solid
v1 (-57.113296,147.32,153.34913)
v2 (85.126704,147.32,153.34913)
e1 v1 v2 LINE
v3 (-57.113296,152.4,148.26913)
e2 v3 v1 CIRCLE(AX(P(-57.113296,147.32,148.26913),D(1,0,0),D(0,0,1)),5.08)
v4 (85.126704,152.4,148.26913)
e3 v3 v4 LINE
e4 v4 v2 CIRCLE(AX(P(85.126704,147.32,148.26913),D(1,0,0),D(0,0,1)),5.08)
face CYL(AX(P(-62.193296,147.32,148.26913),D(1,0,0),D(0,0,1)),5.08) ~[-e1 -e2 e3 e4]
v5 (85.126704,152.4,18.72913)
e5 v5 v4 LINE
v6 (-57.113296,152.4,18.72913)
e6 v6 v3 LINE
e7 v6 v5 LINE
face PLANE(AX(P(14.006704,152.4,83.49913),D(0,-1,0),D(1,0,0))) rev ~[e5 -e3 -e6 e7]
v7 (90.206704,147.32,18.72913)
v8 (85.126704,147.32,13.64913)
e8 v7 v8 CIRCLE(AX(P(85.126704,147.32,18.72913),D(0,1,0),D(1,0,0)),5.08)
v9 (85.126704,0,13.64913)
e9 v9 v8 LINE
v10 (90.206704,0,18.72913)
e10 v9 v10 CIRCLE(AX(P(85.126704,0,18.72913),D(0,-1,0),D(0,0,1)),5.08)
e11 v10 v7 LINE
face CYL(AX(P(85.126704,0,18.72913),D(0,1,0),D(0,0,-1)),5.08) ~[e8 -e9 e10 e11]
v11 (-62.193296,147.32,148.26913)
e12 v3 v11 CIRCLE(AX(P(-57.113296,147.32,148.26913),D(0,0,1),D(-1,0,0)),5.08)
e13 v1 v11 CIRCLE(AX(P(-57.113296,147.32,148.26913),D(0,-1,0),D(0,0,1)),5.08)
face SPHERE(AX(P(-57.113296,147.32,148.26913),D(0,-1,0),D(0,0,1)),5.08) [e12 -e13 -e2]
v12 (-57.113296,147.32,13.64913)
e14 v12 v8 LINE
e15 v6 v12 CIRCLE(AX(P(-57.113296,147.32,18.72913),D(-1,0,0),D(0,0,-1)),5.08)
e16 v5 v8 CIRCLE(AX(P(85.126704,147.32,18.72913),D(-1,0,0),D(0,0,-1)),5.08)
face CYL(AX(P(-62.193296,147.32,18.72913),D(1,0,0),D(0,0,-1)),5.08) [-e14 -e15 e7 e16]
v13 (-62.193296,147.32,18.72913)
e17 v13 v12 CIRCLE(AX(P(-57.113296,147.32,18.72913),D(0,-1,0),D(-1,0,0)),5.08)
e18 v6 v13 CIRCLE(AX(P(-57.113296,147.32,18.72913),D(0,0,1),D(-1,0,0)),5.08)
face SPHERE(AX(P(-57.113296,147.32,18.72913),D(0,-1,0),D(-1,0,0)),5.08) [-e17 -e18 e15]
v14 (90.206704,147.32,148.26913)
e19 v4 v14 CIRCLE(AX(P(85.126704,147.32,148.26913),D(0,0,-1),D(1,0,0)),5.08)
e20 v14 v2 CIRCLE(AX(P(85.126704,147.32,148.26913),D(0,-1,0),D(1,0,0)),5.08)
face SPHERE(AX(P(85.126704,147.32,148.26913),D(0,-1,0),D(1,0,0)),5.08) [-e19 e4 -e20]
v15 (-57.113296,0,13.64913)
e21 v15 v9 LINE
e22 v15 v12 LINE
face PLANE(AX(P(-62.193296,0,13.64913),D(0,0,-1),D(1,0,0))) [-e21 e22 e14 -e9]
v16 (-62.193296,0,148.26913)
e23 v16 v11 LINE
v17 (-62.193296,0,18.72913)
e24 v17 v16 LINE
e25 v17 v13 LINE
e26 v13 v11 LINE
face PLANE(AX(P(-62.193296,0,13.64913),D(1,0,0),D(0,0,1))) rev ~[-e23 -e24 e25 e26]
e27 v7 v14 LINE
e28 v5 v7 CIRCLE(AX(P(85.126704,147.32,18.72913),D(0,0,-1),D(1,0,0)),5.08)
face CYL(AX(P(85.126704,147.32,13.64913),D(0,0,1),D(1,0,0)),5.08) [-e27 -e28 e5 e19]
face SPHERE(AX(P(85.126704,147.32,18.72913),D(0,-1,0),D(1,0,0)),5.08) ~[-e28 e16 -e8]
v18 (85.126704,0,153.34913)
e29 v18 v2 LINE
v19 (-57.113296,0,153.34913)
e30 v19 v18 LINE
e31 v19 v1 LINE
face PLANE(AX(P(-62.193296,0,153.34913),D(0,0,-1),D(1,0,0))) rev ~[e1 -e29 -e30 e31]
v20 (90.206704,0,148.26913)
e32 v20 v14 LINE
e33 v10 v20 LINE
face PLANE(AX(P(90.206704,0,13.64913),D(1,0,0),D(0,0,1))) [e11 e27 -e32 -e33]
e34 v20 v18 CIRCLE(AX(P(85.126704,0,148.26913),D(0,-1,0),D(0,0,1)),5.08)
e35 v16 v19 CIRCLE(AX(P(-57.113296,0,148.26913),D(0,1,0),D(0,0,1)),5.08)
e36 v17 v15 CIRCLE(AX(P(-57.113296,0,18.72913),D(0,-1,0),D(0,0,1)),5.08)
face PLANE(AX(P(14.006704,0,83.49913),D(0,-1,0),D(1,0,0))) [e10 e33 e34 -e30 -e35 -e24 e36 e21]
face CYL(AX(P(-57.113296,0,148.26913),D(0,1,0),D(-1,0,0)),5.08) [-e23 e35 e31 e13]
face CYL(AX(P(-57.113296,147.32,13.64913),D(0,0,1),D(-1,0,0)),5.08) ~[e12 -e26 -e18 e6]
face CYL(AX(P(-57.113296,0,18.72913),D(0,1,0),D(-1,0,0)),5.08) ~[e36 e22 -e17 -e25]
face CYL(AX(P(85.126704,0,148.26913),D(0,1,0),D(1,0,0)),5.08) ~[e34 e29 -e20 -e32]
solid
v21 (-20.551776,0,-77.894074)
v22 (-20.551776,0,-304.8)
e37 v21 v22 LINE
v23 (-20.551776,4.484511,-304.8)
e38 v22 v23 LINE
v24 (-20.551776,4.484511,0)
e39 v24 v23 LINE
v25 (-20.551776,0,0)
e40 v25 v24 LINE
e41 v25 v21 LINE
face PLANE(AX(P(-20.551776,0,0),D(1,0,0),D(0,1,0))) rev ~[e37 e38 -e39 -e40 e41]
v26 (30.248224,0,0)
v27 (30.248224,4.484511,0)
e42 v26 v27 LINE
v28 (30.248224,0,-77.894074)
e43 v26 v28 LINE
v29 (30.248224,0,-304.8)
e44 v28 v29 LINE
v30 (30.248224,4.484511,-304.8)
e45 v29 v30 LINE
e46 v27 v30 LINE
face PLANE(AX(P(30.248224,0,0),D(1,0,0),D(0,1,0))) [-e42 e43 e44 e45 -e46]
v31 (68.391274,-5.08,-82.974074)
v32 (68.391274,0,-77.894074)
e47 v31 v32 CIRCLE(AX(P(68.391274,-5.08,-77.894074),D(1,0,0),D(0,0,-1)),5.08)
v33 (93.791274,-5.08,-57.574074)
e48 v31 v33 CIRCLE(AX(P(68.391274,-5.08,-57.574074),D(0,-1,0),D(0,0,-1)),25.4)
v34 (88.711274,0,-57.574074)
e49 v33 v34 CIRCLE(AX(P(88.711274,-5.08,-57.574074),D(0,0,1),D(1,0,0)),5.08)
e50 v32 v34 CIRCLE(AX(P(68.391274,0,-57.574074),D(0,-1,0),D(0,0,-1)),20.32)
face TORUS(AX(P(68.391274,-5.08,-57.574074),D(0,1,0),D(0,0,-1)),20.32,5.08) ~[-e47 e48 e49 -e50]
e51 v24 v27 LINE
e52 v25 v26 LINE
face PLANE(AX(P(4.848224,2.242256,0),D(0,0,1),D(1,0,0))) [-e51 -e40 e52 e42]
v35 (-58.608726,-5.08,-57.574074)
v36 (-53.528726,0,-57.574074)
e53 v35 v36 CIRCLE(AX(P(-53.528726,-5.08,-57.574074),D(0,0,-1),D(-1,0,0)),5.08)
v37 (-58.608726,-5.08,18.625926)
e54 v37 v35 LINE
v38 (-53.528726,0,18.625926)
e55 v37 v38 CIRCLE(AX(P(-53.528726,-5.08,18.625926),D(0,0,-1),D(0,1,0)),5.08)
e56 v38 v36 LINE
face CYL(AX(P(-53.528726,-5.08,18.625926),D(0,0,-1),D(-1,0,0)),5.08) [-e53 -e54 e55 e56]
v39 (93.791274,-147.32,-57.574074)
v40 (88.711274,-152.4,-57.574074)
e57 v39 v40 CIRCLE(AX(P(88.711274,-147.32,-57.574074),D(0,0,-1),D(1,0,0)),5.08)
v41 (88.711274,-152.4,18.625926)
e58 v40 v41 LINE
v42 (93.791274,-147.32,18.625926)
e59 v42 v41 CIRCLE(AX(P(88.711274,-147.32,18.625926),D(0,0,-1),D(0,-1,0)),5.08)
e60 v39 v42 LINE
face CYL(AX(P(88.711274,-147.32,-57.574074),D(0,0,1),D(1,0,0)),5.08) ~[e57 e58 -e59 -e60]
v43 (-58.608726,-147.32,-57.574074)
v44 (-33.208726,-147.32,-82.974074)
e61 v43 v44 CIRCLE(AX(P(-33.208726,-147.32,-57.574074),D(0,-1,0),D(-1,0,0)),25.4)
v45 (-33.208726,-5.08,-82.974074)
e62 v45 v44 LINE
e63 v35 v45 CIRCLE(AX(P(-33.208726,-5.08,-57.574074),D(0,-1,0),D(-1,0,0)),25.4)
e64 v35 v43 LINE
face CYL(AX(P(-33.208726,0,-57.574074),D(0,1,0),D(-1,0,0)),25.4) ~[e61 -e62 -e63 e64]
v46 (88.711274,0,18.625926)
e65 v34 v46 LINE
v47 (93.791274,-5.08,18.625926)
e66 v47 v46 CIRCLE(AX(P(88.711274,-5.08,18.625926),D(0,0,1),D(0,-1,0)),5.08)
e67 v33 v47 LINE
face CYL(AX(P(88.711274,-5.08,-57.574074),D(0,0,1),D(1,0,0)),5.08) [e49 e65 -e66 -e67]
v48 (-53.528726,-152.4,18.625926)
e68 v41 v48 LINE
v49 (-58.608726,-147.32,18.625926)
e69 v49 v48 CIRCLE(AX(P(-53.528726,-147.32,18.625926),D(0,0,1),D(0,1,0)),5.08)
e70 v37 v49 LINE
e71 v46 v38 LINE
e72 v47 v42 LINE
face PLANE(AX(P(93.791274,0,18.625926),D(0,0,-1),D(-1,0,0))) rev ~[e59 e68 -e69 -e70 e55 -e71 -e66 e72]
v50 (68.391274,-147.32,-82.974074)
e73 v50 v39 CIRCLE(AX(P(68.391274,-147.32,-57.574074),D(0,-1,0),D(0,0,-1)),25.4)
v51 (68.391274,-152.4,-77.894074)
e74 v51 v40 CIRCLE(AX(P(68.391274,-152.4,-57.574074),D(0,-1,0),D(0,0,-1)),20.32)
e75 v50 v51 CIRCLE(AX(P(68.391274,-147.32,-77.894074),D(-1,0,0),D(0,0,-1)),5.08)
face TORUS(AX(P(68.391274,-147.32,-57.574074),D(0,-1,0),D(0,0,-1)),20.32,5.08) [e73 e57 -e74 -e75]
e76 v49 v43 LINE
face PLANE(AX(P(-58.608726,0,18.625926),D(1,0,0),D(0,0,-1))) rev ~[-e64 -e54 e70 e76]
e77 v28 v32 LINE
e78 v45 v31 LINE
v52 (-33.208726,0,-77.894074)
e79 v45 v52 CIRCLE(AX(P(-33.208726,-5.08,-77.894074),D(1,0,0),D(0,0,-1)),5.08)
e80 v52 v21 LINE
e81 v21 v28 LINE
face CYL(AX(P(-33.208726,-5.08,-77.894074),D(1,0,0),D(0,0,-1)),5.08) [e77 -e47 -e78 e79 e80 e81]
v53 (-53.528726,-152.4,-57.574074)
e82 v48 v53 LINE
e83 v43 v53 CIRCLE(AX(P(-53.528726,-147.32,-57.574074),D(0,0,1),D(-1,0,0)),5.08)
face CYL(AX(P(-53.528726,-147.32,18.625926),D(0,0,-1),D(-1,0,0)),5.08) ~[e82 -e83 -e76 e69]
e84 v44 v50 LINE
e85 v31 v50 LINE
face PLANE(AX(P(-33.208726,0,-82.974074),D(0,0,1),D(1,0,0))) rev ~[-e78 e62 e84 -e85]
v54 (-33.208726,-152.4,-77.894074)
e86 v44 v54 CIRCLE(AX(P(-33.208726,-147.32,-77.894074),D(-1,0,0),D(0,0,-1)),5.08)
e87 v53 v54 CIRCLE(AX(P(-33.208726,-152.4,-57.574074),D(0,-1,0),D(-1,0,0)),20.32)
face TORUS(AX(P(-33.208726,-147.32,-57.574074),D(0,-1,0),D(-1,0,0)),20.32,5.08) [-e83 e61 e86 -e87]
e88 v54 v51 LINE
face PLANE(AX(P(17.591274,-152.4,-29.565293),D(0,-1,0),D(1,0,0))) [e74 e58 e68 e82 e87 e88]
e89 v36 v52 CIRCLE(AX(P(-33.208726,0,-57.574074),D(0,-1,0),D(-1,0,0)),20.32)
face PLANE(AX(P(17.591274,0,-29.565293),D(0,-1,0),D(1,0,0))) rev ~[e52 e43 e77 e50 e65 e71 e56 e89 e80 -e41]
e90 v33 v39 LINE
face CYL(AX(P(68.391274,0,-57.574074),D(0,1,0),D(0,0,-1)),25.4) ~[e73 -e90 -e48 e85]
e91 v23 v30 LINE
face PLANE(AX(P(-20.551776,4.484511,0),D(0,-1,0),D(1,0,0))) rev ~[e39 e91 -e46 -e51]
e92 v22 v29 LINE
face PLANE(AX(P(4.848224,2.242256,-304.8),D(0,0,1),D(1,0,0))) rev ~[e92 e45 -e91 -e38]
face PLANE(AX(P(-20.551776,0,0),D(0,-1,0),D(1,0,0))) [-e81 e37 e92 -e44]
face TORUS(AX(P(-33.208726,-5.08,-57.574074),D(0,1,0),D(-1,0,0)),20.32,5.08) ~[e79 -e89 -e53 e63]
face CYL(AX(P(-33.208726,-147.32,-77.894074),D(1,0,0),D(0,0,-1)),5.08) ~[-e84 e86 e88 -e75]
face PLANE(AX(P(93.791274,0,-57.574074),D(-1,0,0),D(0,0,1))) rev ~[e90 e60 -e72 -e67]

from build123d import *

# Parameters (mm, degrees)
F1_DEPTH = 152.4
F2_R     = 5.08
F3_W     = 152.4
F3_H     = 139.7
F4_DEPTH = 152.4
F5_R     = 5.08
F6_W     = 50.8
F6_H     = 4.4845114427
F7_DEPTH = 304.8


with BuildPart() as f1:
    # F0 (on Front) → F1 (new body)
    with BuildSketch(Plane.XZ):
        with BuildLine():
            Line((93.791274333, 18.625925827), (-58.608725667, 18.625925827))
            Line((-58.608725667, 18.625925827), (-58.608725667, -57.574074173))
            ThreePointArc((-58.608725667, -57.574074173), (-51.1692379091, -75.5345864151), (-33.208725667, -82.974074173))
            Line((-33.208725667, -82.974074173), (68.391274333, -82.974074173))
            ThreePointArc((68.391274333, -82.974074173), (86.3517865751, -75.5345864151), (93.791274333, -57.574074173))
            Line((93.791274333, -57.574074173), (93.791274333, 18.625925827))
        make_face()
    extrude(amount=F1_DEPTH)

    # F2
    f2_edges = [f1.edges().sort_by_distance(p)[0] for p in [
        (93.791274, -152.4, -19.474074),
        (93.791274, 0, -19.474074),
    ]]
    fillet(f2_edges, radius=F2_R)

    # F6 (on Top) → F7 (join)
    with BuildSketch(Plane.XY):
        with Locations((4.8482243842, 2.2422557214)):
            Rectangle(F6_W, F6_H)
    extrude(amount=-F7_DEPTH)


with BuildPart() as f4:
    # F3 (on Front) → F4 (new body)
    with BuildSketch(Plane.XZ):
        with Locations((14.006703535, 83.4991298616)):
            Rectangle(F3_W, F3_H)
    extrude(amount=-F4_DEPTH)

    # F5
    f5_edges = [f4.edges().sort_by_distance(p)[0] for p in [
        (90.206704, 76.2, 153.34913),
        (90.206704, 76.2, 13.64913),
        (90.206704, 152.4, 83.49913),
        (-62.193296, 76.2, 153.34913),
        (14.006704, 152.4, 153.34913),
        (-62.193296, 76.2, 13.64913),
        (-62.193296, 152.4, 83.49913),
        (14.006704, 152.4, 13.64913),
    ]]
    fillet(f5_edges, radius=F5_R)


solid = Compound([f1.part, f4.part])
